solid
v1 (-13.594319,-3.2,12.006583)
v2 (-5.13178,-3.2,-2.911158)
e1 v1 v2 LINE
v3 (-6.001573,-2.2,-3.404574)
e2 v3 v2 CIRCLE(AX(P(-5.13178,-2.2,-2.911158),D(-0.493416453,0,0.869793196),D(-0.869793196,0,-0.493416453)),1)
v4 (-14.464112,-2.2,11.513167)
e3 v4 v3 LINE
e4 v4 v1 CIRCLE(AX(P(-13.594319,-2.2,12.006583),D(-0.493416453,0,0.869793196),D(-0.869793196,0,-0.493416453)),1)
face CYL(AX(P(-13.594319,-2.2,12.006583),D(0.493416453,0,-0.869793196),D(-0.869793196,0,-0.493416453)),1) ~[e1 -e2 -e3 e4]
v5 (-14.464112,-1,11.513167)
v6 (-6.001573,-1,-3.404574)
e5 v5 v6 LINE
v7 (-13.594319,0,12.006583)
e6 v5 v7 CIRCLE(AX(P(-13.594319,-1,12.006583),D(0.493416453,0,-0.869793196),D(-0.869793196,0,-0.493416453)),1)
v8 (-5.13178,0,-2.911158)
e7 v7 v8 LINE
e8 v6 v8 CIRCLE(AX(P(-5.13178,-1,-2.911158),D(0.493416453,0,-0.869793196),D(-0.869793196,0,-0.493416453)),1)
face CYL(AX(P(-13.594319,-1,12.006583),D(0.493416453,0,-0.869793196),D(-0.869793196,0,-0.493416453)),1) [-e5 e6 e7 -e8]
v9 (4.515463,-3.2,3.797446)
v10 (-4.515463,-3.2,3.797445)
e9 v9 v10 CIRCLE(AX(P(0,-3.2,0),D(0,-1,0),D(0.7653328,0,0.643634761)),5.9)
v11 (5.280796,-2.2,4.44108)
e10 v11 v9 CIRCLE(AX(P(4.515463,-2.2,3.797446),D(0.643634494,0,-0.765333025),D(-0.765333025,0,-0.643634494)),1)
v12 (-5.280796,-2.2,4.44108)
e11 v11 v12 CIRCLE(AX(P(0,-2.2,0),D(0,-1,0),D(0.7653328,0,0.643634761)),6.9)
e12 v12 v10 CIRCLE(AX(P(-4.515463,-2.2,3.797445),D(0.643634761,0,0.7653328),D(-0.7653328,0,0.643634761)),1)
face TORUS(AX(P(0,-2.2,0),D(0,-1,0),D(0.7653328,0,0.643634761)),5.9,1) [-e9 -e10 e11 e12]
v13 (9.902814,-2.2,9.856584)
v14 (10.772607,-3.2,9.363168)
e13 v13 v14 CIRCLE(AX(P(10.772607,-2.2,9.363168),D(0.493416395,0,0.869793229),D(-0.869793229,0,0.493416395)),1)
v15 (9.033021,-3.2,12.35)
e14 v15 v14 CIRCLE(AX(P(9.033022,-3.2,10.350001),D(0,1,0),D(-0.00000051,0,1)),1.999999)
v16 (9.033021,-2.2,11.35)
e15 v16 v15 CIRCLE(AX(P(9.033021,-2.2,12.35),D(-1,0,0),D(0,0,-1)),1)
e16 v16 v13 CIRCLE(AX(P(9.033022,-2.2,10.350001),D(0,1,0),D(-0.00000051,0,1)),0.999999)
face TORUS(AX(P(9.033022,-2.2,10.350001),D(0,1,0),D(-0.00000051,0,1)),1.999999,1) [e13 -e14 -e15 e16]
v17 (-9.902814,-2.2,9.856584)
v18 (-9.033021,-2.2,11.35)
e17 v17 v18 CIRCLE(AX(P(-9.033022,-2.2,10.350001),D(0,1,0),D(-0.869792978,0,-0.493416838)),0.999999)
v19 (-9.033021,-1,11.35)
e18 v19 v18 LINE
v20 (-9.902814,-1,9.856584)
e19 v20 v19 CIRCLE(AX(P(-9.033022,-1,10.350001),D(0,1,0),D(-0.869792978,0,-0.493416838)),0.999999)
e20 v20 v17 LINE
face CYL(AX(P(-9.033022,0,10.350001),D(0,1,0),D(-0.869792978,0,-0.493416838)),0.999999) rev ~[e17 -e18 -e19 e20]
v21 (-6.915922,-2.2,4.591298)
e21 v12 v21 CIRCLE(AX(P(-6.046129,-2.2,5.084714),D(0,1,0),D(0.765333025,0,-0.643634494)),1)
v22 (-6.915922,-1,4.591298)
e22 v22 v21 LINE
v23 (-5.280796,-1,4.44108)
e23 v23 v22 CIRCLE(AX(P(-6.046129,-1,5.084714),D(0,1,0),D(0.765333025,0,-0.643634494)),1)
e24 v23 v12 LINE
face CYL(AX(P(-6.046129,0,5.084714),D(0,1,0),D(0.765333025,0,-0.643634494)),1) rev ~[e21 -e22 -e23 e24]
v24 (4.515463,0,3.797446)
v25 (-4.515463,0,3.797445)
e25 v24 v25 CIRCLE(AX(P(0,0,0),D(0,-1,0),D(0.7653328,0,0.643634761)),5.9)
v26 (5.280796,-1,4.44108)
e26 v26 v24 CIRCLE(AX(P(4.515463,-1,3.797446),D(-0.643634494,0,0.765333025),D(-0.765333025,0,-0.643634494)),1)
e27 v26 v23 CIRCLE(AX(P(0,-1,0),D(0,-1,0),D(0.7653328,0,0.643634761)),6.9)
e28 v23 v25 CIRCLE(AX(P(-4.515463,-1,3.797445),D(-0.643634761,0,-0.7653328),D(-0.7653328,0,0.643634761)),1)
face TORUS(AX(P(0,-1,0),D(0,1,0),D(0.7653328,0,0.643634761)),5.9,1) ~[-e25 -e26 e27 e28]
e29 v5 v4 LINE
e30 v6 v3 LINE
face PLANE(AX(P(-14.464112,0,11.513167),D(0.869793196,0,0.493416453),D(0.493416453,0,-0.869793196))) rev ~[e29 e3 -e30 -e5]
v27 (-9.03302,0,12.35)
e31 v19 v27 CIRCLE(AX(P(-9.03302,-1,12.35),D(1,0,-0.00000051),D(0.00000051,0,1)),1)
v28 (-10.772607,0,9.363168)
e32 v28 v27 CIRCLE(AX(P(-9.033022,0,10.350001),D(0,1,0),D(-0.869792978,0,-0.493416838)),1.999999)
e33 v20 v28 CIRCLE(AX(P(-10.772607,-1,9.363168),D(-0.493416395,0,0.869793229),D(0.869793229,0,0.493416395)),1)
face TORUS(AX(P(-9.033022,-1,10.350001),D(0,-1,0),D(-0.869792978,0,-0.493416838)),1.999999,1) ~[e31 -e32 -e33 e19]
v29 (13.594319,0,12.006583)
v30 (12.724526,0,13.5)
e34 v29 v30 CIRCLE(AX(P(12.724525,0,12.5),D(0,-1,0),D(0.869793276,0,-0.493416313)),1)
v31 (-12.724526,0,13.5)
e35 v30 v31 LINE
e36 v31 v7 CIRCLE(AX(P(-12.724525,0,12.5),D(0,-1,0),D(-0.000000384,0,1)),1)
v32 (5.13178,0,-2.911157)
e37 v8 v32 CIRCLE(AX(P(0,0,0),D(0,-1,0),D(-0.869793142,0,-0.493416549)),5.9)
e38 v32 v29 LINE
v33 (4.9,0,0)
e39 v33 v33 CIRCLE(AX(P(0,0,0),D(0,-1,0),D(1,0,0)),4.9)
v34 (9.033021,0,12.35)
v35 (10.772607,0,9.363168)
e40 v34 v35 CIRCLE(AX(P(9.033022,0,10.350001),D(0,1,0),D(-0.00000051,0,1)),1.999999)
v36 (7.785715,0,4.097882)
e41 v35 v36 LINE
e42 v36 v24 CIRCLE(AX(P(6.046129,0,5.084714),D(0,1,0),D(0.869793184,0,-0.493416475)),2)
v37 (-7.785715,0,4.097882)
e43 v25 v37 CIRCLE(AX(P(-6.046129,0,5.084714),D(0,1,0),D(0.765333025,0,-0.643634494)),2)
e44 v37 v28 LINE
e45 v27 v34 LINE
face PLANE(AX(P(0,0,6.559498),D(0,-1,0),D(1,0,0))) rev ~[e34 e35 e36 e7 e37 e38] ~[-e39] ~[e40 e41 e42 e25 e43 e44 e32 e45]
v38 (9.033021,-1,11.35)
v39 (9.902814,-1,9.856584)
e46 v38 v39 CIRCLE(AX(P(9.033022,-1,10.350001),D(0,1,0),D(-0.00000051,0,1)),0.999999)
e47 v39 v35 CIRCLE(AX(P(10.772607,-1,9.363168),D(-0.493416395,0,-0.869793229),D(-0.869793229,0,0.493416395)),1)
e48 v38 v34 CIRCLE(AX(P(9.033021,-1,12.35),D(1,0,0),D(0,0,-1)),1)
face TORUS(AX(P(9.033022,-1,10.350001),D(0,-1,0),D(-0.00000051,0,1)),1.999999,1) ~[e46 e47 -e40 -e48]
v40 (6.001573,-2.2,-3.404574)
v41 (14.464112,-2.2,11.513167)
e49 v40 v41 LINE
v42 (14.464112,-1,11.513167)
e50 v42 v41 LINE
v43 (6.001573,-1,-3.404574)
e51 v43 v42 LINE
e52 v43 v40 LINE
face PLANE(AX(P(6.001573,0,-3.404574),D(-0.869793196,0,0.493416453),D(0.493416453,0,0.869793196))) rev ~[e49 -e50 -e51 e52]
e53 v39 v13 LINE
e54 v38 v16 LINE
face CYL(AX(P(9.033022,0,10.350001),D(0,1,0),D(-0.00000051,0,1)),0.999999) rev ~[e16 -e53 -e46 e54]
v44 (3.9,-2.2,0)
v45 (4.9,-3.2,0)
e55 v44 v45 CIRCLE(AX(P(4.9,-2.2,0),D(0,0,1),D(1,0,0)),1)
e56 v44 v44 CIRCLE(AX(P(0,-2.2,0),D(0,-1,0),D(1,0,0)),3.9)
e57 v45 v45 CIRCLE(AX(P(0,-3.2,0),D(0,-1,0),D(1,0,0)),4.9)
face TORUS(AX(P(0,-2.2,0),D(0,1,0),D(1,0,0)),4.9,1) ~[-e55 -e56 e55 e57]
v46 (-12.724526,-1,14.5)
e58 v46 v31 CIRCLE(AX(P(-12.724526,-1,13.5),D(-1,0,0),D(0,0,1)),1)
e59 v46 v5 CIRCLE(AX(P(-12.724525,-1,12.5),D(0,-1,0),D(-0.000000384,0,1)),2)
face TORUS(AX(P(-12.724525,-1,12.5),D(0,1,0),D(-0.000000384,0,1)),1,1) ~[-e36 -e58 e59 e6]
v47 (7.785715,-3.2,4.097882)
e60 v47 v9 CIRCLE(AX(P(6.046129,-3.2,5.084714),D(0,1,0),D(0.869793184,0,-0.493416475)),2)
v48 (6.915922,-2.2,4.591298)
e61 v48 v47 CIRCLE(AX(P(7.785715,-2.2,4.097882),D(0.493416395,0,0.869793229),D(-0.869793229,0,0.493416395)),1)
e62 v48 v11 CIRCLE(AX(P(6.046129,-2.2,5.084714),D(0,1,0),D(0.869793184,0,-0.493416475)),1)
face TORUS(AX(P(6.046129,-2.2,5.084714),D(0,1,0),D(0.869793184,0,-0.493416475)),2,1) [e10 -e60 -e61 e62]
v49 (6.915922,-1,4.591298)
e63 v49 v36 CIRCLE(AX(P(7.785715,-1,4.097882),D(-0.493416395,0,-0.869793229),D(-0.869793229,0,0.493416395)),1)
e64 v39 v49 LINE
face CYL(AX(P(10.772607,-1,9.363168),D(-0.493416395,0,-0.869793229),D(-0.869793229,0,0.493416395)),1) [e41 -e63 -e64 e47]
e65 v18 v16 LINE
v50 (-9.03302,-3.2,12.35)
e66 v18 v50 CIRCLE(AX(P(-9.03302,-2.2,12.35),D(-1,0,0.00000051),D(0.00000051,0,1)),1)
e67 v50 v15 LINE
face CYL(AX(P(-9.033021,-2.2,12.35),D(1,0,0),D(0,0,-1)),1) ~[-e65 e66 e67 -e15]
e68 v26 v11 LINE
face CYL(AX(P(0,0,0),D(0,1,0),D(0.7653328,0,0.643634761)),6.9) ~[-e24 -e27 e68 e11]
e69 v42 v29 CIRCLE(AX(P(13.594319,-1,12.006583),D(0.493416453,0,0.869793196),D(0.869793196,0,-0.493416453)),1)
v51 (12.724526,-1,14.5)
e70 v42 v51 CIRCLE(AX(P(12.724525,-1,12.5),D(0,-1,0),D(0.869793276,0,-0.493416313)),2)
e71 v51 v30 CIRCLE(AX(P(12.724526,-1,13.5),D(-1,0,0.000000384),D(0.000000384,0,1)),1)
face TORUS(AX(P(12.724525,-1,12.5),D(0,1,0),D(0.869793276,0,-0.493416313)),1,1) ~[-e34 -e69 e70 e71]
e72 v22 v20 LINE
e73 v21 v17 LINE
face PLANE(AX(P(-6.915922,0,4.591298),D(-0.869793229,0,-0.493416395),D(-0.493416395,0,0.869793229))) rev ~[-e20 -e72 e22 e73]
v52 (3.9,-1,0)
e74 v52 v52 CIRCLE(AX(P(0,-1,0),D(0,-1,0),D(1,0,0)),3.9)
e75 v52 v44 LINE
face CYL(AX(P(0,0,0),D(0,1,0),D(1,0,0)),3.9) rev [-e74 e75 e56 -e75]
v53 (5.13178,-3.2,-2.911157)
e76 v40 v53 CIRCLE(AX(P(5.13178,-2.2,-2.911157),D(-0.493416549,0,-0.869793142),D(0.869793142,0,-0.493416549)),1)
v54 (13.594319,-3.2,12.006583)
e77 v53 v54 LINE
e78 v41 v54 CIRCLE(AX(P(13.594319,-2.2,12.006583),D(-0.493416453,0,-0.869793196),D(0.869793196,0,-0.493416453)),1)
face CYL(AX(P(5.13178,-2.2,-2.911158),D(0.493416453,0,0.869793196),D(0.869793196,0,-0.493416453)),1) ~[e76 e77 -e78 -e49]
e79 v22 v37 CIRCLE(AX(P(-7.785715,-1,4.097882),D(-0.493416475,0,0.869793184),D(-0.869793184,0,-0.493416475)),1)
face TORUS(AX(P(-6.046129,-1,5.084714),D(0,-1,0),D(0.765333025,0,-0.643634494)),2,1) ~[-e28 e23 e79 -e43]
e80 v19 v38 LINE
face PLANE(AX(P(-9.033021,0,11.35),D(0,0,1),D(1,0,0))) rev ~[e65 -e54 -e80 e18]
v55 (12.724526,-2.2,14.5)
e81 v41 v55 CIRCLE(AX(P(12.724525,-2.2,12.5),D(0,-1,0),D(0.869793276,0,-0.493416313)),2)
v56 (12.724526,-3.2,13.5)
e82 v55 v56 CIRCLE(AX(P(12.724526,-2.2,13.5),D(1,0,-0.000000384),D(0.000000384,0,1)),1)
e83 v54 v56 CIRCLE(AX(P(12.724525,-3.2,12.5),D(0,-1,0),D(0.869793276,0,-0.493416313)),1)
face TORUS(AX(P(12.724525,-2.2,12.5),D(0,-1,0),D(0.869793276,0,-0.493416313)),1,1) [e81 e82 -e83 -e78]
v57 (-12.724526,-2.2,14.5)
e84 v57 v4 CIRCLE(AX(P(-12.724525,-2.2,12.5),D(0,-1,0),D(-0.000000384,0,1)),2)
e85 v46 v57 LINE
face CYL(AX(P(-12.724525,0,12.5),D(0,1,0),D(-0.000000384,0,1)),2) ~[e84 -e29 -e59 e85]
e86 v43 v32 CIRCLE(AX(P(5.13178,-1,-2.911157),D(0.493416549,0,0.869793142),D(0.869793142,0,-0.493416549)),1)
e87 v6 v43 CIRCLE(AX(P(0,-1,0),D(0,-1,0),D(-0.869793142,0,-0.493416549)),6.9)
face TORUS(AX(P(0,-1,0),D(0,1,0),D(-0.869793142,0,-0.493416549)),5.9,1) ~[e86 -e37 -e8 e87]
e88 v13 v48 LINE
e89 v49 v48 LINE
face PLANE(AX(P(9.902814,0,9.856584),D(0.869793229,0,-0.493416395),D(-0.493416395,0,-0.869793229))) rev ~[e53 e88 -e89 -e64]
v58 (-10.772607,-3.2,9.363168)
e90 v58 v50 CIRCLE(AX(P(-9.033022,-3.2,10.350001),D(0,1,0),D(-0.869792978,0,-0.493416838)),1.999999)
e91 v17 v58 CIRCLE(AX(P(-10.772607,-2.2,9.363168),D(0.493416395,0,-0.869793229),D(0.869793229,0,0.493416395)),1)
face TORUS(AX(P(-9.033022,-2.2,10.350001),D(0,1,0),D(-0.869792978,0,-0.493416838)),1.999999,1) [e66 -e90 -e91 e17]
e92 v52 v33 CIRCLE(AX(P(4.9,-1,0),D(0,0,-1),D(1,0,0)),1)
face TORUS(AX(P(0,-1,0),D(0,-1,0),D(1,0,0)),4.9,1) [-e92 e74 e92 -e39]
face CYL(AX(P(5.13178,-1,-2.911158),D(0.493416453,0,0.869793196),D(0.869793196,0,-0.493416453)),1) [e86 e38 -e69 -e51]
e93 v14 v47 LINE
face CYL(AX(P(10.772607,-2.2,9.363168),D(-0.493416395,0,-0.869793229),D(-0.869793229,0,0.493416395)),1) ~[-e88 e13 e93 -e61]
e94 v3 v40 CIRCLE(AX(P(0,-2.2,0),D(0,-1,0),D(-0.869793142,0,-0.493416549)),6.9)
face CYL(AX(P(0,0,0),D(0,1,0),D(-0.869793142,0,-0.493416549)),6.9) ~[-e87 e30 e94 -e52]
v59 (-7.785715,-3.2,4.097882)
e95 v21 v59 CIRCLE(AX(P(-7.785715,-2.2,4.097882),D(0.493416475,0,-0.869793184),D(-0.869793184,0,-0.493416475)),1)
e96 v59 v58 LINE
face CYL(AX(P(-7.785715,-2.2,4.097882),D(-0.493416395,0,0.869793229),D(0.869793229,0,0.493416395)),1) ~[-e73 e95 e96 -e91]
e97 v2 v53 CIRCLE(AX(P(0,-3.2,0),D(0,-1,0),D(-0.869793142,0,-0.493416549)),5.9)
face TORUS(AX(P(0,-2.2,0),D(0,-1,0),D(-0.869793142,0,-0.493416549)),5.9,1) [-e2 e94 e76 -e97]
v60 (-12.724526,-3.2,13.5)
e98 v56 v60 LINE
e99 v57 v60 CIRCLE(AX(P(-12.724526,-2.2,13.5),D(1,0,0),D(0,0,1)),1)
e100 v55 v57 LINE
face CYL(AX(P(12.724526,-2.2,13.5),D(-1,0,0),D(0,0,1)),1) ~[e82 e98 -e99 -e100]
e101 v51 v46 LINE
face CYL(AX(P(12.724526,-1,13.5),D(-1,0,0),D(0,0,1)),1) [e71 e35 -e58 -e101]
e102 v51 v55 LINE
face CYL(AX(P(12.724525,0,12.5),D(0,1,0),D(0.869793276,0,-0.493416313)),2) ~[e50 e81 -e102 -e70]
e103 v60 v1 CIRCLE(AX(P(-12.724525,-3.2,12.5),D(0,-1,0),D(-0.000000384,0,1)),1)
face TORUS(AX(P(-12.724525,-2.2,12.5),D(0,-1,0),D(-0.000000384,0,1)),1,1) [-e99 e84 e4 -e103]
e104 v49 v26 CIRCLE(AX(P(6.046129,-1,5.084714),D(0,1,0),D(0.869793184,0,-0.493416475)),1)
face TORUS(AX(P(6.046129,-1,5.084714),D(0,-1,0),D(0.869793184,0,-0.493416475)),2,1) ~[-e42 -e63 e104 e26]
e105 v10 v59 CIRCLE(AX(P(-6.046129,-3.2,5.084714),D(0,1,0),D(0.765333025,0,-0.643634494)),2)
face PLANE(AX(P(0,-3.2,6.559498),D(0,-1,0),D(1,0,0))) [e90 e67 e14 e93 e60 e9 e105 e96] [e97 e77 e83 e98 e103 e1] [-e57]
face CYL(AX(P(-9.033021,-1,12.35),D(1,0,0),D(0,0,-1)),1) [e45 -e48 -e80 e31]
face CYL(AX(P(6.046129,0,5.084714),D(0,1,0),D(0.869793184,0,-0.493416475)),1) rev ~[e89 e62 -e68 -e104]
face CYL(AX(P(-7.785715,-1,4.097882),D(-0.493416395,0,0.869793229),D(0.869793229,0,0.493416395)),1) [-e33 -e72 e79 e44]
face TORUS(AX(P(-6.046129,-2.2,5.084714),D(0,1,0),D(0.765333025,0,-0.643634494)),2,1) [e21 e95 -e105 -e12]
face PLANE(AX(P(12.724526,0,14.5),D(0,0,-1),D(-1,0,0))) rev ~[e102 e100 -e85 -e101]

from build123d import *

# Parameters (mm, degrees)
F0_R     = 3.9
F1_DEPTH = 3.2
F2_R     = 1


with BuildPart() as f1:
    # F0 (on Front) → F1 (new body)
    with BuildSketch(Plane.XZ):
        with BuildLine():
            Line((-14.464112, 11.513167), (-6.001573, -3.404574))
            ThreePointArc((-6.001573, -3.404574), (0, -6.9), (6.001573, -3.404574))
            Line((6.001573, -3.404574), (14.464112, 11.513167))
            ThreePointArc((14.464112, 11.513167), (14.452771, 13.506562), (12.724526, 14.5))
            Line((12.724526, 14.5), (-12.724526, 14.5))
            ThreePointArc((-12.724526, 14.5), (-14.452771, 13.506562), (-14.464112, 11.513167))
        make_face()
        Circle(F0_R, mode=Mode.SUBTRACT)
        with BuildLine():
            ThreePointArc((-9.902814, 9.856584), (-9.897144, 10.853281), (-9.033021, 11.35))
            Line((-9.033021, 11.35), (9.033021, 11.35))
            ThreePointArc((9.033021, 11.35), (9.897144, 10.853281), (9.902814, 9.856584))
            Line((9.902814, 9.856584), (6.915922, 4.591298))
            ThreePointArc((6.915922, 4.591298), (6.137613, 4.088908), (5.280796, 4.44108))
            ThreePointArc((5.280796, 4.44108), (0, 6.9), (-5.280796, 4.44108))
            ThreePointArc((-5.280796, 4.44108), (-6.137613, 4.088908), (-6.915922, 4.591298))
            Line((-6.915922, 4.591298), (-9.902814, 9.856584))
        make_face(mode=Mode.SUBTRACT)
    extrude(amount=F1_DEPTH)

    # F2
    f2_edges = [f1.edges().sort_by_distance(p)[0] for p in [
        (-10.232843, -3.2, 4.054297),
        (0, -3.2, -6.9),
        (10.232843, -3.2, 4.054297),
        (14.452771, -3.2, 13.506562),
        (0, -3.2, 14.5),
        (-14.452771, -3.2, 13.506562),
        (-3.9, -3.2, 0),
        (8.409368, -3.2, 7.223941),
        (6.137613, -3.2, 4.088908),
        (0, -3.2, 6.9),
        (-6.137613, -3.2, 4.088908),
        (-8.409368, -3.2, 7.223941),
        (-9.897144, -3.2, 10.853281),
        (0, -3.2, 11.35),
        (9.897144, -3.2, 10.853281),
        (-10.232843, 0, 4.054297),
        (0, 0, -6.9),
        (10.232843, 0, 4.054297),
        (14.452771, 0, 13.506562),
        (0, 0, 14.5),
        (-14.452771, 0, 13.506562),
        (-3.9, 0, 0),
        (8.409368, 0, 7.223941),
        (6.137613, 0, 4.088908),
        (0, 0, 6.9),
        (-6.137613, 0, 4.088908),
        (-8.409368, 0, 7.223941),
        (-9.897144, 0, 10.853281),
        (0, 0, 11.35),
        (9.897144, 0, 10.853281),
    ]]
    fillet(f2_edges, radius=F2_R)


solid = f1.part
